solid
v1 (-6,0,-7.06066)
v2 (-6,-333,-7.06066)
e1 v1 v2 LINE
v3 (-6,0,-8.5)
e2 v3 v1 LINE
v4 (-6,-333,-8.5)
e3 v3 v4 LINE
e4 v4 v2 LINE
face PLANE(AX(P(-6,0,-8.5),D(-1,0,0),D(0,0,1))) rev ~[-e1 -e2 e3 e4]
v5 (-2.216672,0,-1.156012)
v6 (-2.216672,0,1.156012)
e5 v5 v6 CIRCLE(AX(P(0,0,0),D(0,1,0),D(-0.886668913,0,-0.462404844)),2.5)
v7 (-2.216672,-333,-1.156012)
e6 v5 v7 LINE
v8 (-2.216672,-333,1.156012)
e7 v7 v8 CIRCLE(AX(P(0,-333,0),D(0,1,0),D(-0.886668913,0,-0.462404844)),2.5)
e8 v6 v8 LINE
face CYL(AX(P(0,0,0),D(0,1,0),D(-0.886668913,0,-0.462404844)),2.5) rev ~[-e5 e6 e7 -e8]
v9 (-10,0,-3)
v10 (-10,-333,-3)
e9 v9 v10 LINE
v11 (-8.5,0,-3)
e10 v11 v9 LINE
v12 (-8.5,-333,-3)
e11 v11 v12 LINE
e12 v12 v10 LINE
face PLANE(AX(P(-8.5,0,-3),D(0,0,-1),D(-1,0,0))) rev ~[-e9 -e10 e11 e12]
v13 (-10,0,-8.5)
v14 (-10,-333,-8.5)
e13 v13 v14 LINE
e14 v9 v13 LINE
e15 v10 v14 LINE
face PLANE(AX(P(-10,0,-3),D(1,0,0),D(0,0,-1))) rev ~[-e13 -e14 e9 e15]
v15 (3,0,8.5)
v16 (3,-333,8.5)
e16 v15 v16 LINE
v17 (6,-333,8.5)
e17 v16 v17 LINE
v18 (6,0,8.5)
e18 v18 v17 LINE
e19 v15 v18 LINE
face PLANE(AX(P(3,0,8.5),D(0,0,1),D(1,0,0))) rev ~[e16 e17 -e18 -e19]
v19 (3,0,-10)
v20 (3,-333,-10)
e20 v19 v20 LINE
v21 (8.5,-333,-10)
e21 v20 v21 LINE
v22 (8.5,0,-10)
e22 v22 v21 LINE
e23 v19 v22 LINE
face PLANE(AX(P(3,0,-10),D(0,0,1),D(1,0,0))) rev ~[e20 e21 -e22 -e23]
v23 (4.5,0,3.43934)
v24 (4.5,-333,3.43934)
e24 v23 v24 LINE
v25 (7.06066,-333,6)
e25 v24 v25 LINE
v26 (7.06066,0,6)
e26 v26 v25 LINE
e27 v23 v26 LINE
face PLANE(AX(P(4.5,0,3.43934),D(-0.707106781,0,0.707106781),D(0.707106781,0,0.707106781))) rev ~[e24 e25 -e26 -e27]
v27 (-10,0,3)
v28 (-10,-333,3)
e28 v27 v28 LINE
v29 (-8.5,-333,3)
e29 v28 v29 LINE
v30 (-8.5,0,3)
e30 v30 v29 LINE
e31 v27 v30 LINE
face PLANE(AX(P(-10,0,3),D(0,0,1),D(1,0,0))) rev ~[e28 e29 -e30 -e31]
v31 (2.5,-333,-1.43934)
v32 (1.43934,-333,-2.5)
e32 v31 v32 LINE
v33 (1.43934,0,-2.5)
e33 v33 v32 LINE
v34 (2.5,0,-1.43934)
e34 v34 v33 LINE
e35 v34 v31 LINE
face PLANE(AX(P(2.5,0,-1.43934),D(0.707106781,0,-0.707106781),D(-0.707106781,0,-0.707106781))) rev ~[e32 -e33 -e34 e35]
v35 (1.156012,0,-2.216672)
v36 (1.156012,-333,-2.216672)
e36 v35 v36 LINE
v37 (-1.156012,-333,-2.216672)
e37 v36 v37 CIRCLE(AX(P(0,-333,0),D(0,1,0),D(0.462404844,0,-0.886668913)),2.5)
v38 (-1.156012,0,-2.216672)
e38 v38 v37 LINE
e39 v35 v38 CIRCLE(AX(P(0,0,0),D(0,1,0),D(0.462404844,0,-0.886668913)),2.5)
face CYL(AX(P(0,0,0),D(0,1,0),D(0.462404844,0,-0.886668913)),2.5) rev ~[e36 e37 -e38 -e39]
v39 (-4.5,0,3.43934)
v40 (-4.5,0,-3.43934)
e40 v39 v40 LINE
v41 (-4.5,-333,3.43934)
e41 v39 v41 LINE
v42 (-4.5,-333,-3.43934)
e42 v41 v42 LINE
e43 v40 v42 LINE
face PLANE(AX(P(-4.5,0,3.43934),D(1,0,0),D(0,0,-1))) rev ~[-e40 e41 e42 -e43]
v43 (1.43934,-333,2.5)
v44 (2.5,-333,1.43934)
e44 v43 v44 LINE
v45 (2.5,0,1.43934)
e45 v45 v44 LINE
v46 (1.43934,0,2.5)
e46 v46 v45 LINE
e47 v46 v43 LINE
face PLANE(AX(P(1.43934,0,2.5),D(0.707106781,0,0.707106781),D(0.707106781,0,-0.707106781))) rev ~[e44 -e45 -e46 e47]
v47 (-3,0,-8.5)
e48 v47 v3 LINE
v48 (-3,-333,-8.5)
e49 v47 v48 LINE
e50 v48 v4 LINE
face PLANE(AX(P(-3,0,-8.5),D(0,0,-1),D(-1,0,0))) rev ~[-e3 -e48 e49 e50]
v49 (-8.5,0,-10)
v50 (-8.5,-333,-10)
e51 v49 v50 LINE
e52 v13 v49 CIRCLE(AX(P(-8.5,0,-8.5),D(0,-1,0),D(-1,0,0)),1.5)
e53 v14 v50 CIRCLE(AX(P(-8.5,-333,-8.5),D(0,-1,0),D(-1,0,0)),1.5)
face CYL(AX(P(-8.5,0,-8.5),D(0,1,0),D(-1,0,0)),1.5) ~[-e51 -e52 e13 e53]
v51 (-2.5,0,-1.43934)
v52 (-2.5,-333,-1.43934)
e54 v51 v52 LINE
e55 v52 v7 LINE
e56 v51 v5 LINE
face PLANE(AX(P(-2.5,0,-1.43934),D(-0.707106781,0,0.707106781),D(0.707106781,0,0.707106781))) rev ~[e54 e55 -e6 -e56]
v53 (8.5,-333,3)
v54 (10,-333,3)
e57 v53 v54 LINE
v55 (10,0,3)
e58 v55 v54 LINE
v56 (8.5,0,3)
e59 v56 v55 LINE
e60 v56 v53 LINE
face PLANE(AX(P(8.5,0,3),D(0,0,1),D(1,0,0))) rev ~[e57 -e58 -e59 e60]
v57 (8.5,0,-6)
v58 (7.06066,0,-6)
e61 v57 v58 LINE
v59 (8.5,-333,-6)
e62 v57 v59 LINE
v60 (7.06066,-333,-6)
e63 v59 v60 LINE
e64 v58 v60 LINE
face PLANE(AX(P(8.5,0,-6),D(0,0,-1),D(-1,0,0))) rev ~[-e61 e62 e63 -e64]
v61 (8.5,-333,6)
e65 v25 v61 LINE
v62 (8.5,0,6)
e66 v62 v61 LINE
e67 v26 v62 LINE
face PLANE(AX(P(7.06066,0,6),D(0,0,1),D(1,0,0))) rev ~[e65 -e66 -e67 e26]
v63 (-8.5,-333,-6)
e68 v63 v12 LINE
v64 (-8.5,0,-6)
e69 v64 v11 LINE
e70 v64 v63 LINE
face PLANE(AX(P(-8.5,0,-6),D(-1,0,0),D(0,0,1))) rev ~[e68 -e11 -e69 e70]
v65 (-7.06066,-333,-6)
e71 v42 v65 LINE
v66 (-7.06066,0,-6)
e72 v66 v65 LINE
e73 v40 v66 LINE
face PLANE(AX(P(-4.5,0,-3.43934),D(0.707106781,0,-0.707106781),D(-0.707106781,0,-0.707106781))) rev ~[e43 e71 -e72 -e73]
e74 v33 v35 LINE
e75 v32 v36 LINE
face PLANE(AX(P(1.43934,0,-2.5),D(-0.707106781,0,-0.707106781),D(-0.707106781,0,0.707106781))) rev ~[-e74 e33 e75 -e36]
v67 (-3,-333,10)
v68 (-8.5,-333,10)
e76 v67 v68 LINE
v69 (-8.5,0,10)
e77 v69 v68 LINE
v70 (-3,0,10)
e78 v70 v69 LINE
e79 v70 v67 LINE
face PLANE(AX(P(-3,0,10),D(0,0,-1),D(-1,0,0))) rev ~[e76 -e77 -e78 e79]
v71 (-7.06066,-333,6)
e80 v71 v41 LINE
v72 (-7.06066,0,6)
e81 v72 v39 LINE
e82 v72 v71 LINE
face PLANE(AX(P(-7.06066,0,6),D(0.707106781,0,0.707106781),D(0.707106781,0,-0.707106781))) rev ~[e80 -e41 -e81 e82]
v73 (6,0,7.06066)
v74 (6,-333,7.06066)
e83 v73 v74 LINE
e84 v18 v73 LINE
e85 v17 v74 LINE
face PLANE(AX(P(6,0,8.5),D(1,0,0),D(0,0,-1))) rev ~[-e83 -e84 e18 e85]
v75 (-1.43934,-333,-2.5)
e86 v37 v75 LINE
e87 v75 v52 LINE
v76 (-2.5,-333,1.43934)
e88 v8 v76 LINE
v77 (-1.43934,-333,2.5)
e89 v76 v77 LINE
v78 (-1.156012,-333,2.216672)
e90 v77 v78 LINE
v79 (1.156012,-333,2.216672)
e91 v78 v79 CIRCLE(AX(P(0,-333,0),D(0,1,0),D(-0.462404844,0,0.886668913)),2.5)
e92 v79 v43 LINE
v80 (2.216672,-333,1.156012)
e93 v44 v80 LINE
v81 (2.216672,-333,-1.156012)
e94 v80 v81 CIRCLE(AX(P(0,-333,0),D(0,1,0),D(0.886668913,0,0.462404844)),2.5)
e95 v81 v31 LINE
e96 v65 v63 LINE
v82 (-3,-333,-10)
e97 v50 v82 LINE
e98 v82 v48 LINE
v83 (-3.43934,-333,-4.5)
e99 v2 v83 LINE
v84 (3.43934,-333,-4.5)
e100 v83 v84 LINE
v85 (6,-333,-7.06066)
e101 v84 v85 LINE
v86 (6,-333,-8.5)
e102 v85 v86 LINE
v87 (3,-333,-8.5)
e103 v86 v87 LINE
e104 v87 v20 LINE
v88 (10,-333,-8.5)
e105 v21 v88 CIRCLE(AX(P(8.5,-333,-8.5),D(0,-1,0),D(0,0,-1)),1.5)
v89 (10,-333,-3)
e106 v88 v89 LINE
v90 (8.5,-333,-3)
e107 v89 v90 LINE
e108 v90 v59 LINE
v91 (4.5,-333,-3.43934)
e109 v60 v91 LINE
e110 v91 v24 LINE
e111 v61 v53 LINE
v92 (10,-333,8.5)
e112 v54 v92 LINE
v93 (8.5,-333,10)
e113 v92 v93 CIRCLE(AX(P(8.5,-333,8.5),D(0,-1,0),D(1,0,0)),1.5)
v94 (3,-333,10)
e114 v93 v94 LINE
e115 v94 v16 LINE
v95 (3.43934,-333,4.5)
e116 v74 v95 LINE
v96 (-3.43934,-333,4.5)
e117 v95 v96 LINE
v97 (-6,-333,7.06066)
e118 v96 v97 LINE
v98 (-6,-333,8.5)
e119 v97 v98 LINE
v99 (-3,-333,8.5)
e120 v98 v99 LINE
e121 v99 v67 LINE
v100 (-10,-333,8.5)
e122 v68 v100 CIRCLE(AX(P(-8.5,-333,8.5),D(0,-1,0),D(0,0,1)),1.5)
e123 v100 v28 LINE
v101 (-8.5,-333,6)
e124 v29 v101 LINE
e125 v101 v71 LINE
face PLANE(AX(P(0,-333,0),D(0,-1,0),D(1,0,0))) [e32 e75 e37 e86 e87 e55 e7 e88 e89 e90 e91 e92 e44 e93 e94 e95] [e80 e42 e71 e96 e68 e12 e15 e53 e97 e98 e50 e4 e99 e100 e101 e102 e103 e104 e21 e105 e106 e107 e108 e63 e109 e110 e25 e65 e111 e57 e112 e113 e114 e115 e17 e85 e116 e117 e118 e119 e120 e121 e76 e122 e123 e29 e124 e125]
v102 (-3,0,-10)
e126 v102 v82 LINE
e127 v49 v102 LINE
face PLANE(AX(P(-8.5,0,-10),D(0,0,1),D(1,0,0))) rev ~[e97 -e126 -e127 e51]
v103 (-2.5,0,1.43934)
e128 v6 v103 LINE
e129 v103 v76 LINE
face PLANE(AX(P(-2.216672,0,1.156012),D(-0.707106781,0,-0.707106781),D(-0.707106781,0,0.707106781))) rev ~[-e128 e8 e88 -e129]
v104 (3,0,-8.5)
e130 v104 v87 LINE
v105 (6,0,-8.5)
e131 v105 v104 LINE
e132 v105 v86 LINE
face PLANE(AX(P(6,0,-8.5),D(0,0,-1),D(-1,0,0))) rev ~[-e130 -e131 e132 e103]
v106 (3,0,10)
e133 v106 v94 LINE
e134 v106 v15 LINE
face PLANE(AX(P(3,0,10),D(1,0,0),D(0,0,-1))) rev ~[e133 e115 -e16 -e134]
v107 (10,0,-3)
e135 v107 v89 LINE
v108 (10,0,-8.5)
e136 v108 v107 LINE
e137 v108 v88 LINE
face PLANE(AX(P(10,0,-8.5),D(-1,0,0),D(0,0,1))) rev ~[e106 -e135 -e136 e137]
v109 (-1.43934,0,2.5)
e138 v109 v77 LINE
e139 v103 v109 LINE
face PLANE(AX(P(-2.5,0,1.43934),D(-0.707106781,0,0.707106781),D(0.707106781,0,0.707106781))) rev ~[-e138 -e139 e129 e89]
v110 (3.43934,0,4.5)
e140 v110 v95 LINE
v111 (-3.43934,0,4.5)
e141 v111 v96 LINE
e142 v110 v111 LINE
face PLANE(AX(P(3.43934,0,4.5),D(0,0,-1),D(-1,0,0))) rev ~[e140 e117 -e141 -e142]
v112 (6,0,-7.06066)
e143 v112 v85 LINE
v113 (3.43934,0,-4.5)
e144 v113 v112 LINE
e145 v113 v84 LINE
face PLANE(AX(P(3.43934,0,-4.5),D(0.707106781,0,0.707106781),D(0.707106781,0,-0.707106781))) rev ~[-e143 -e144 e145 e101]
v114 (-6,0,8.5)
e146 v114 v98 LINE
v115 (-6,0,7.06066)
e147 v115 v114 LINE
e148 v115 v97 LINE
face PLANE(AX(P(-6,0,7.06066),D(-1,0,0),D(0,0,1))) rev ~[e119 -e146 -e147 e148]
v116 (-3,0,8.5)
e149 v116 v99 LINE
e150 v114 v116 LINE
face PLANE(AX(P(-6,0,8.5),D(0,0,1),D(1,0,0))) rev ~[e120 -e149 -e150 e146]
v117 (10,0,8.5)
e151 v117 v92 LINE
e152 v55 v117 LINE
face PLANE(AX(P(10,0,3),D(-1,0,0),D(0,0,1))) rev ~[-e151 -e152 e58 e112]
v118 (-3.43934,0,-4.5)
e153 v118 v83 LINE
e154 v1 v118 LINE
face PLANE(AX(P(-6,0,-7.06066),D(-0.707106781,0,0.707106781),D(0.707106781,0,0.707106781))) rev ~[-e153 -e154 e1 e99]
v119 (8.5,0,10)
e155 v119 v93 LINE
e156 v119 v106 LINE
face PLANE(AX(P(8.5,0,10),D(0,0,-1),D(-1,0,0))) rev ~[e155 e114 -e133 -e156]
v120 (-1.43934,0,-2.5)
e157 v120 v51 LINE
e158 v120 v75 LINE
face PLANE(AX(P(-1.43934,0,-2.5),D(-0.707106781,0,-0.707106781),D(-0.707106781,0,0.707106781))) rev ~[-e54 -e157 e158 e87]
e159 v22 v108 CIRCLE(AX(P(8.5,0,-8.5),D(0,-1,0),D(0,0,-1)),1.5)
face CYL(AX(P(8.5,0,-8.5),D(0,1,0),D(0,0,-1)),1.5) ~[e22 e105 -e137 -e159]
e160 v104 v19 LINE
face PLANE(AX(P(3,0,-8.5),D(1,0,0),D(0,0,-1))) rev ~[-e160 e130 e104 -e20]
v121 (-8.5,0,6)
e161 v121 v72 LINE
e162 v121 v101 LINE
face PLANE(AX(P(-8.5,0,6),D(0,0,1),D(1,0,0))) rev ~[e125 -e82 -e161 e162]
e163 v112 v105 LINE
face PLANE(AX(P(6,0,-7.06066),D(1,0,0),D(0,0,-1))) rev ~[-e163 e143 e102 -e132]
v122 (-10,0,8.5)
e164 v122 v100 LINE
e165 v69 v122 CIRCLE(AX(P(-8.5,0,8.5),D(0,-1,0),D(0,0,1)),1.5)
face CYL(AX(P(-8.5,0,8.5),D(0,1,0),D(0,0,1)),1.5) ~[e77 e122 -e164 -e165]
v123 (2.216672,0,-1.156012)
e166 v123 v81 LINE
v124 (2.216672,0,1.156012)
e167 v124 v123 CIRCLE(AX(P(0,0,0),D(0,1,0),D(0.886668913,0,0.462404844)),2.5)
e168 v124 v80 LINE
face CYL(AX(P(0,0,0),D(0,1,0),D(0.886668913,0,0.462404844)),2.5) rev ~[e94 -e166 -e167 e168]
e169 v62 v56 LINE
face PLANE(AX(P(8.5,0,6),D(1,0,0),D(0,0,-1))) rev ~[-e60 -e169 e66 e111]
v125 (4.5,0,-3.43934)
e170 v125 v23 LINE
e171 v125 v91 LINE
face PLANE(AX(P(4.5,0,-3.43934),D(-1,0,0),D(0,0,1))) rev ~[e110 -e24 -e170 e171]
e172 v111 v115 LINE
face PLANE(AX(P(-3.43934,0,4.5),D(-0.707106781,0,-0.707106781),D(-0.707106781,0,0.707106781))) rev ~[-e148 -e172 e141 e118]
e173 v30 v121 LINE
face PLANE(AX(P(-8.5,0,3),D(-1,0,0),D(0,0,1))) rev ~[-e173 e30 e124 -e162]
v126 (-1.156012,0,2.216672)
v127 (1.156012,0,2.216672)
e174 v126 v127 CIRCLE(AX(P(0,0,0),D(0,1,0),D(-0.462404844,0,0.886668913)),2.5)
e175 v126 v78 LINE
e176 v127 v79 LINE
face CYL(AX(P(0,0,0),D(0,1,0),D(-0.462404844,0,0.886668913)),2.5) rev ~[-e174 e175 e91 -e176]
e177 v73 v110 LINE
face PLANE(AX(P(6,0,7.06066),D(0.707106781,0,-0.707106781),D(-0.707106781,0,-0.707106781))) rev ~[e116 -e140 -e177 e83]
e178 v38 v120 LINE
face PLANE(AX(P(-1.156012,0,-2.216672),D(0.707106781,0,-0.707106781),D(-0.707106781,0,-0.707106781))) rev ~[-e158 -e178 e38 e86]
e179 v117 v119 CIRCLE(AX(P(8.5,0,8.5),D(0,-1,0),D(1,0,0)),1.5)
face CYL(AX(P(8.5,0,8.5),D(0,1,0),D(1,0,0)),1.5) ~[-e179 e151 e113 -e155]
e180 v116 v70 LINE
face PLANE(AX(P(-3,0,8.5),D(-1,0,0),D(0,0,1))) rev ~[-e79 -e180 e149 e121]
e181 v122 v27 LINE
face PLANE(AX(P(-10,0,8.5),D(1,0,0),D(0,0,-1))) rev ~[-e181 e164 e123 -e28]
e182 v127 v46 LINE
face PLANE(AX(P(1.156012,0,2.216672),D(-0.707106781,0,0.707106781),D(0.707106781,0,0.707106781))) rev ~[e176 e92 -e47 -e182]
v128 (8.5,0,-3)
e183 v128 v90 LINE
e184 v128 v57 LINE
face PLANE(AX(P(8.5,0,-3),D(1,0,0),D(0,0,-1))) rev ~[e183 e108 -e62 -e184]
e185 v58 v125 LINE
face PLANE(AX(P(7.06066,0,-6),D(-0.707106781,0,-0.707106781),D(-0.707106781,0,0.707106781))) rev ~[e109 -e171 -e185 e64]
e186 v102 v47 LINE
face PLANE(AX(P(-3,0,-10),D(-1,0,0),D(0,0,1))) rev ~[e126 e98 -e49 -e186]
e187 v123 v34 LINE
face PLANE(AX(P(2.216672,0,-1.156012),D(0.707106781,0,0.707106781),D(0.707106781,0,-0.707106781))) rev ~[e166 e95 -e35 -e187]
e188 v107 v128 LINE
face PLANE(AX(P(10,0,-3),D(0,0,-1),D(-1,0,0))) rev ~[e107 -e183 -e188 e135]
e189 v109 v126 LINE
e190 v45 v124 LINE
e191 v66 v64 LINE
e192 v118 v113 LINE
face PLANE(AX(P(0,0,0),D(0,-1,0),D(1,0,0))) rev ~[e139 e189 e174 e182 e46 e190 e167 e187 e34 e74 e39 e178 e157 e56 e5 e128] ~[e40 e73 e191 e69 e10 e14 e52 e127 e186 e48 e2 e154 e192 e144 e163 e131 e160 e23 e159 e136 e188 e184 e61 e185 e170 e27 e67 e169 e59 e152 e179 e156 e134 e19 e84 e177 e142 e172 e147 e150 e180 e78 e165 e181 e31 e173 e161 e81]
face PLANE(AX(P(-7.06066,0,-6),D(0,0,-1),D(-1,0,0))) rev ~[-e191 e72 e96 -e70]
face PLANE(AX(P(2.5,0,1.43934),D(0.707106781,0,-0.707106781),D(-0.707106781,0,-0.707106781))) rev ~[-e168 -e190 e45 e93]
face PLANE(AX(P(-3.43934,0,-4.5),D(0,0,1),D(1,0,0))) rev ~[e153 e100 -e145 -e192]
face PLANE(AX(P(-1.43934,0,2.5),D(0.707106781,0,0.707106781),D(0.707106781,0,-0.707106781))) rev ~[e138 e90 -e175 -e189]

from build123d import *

# Parameters (mm, degrees)
F1_DEPTH = 333


with BuildPart() as f1:
    # F0 (on Front) → F1 (new body)
    with BuildSketch(Plane.XZ):
        with BuildLine():
            Line((3, -10), (8.5, -10))
            ThreePointArc((8.5, -10), (9.5606601718, -9.5606601718), (10, -8.5))
            Line((10, -8.5), (10, -3))
            Line((10, -3), (8.5, -3))
            Line((8.5, -3), (8.5, -6))
            Line((8.5, -6), (7.0606601718, -6))
            Line((7.0606601718, -6), (4.5, -3.4393398282))
            Line((4.5, -3.4393398282), (4.5, 3.4393398282))
            Line((4.5, 3.4393398282), (7.0606601718, 6))
            Line((7.0606601718, 6), (8.5, 6))
            Line((8.5, 6), (8.5, 3))
            Line((8.5, 3), (10, 3))
            Line((10, 3), (10, 8.5))
            ThreePointArc((10, 8.5), (9.5606601718, 9.5606601718), (8.5, 10))
            Line((8.5, 10), (3, 10))
            Line((3, 10), (3, 8.5))
            Line((3, 8.5), (6, 8.5))
            Line((6, 8.5), (6, 7.0606601718))
            Line((6, 7.0606601718), (3.4393398282, 4.5))
            Line((3.4393398282, 4.5), (-3.4393398282, 4.5))
            Line((-3.4393398282, 4.5), (-6, 7.0606601718))
            Line((-6, 7.0606601718), (-6, 8.5))
            Line((-6, 8.5), (-3, 8.5))
            Line((-3, 8.5), (-3, 10))
            Line((-3, 10), (-8.5, 10))
            ThreePointArc((-8.5, 10), (-9.5606601718, 9.5606601718), (-10, 8.5))
            Line((-10, 8.5), (-10, 3))
            Line((-10, 3), (-8.5, 3))
            Line((-8.5, 3), (-8.5, 6))
            Line((-8.5, 6), (-7.0606601718, 6))
            Line((-7.0606601718, 6), (-4.5, 3.4393398282))
            Line((-4.5, 3.4393398282), (-4.5, -3.4393398282))
            Line((-4.5, -3.4393398282), (-7.0606601718, -6))
            Line((-7.0606601718, -6), (-8.5, -6))
            Line((-8.5, -6), (-8.5, -3))
            Line((-8.5, -3), (-10, -3))
            Line((-10, -3), (-10, -8.5))
            ThreePointArc((-10, -8.5), (-9.5606601718, -9.5606601718), (-8.5, -10))
            Line((-8.5, -10), (-3, -10))
            Line((-3, -10), (-3, -8.5))
            Line((-3, -8.5), (-6, -8.5))
            Line((-6, -8.5), (-6, -7.0606601718))
            Line((-6, -7.0606601718), (-3.4393398282, -4.5))
            Line((-3.4393398282, -4.5), (3.4393398282, -4.5))
            Line((3.4393398282, -4.5), (6, -7.0606601718))
            Line((6, -7.0606601718), (6, -8.5))
            Line((6, -8.5), (3, -8.5))
            Line((3, -8.5), (3, -10))
        make_face()
        with BuildLine():
            ThreePointArc((-1.1560121095, 2.2166722813), (0, 2.5), (1.1560121095, 2.2166722813))
            Line((1.1560121095, 2.2166722813), (1.4393398282, 2.5))
            Line((1.4393398282, 2.5), (2.5, 1.4393398282))
            Line((2.5, 1.4393398282), (2.2166722813, 1.1560121095))
            ThreePointArc((2.2166722813, 1.1560121095), (2.5, 0), (2.2166722813, -1.1560121095))
            Line((2.2166722813, -1.1560121095), (2.5, -1.4393398282))
            Line((2.5, -1.4393398282), (1.4393398282, -2.5))
            Line((1.4393398282, -2.5), (1.1560121095, -2.2166722813))
            ThreePointArc((1.1560121095, -2.2166722813), (0, -2.5), (-1.1560121095, -2.2166722813))
            Line((-1.1560121095, -2.2166722813), (-1.4393398282, -2.5))
            Line((-1.4393398282, -2.5), (-2.5, -1.4393398282))
            Line((-2.5, -1.4393398282), (-2.2166722813, -1.1560121095))
            ThreePointArc((-2.2166722813, -1.1560121095), (-2.5, 0), (-2.2166722813, 1.1560121095))
            Line((-2.2166722813, 1.1560121095), (-2.5, 1.4393398282))
            Line((-2.5, 1.4393398282), (-1.4393398282, 2.5))
            Line((-1.4393398282, 2.5), (-1.1560121095, 2.2166722813))
        make_face(mode=Mode.SUBTRACT)
    extrude(amount=F1_DEPTH)


solid = f1.part
